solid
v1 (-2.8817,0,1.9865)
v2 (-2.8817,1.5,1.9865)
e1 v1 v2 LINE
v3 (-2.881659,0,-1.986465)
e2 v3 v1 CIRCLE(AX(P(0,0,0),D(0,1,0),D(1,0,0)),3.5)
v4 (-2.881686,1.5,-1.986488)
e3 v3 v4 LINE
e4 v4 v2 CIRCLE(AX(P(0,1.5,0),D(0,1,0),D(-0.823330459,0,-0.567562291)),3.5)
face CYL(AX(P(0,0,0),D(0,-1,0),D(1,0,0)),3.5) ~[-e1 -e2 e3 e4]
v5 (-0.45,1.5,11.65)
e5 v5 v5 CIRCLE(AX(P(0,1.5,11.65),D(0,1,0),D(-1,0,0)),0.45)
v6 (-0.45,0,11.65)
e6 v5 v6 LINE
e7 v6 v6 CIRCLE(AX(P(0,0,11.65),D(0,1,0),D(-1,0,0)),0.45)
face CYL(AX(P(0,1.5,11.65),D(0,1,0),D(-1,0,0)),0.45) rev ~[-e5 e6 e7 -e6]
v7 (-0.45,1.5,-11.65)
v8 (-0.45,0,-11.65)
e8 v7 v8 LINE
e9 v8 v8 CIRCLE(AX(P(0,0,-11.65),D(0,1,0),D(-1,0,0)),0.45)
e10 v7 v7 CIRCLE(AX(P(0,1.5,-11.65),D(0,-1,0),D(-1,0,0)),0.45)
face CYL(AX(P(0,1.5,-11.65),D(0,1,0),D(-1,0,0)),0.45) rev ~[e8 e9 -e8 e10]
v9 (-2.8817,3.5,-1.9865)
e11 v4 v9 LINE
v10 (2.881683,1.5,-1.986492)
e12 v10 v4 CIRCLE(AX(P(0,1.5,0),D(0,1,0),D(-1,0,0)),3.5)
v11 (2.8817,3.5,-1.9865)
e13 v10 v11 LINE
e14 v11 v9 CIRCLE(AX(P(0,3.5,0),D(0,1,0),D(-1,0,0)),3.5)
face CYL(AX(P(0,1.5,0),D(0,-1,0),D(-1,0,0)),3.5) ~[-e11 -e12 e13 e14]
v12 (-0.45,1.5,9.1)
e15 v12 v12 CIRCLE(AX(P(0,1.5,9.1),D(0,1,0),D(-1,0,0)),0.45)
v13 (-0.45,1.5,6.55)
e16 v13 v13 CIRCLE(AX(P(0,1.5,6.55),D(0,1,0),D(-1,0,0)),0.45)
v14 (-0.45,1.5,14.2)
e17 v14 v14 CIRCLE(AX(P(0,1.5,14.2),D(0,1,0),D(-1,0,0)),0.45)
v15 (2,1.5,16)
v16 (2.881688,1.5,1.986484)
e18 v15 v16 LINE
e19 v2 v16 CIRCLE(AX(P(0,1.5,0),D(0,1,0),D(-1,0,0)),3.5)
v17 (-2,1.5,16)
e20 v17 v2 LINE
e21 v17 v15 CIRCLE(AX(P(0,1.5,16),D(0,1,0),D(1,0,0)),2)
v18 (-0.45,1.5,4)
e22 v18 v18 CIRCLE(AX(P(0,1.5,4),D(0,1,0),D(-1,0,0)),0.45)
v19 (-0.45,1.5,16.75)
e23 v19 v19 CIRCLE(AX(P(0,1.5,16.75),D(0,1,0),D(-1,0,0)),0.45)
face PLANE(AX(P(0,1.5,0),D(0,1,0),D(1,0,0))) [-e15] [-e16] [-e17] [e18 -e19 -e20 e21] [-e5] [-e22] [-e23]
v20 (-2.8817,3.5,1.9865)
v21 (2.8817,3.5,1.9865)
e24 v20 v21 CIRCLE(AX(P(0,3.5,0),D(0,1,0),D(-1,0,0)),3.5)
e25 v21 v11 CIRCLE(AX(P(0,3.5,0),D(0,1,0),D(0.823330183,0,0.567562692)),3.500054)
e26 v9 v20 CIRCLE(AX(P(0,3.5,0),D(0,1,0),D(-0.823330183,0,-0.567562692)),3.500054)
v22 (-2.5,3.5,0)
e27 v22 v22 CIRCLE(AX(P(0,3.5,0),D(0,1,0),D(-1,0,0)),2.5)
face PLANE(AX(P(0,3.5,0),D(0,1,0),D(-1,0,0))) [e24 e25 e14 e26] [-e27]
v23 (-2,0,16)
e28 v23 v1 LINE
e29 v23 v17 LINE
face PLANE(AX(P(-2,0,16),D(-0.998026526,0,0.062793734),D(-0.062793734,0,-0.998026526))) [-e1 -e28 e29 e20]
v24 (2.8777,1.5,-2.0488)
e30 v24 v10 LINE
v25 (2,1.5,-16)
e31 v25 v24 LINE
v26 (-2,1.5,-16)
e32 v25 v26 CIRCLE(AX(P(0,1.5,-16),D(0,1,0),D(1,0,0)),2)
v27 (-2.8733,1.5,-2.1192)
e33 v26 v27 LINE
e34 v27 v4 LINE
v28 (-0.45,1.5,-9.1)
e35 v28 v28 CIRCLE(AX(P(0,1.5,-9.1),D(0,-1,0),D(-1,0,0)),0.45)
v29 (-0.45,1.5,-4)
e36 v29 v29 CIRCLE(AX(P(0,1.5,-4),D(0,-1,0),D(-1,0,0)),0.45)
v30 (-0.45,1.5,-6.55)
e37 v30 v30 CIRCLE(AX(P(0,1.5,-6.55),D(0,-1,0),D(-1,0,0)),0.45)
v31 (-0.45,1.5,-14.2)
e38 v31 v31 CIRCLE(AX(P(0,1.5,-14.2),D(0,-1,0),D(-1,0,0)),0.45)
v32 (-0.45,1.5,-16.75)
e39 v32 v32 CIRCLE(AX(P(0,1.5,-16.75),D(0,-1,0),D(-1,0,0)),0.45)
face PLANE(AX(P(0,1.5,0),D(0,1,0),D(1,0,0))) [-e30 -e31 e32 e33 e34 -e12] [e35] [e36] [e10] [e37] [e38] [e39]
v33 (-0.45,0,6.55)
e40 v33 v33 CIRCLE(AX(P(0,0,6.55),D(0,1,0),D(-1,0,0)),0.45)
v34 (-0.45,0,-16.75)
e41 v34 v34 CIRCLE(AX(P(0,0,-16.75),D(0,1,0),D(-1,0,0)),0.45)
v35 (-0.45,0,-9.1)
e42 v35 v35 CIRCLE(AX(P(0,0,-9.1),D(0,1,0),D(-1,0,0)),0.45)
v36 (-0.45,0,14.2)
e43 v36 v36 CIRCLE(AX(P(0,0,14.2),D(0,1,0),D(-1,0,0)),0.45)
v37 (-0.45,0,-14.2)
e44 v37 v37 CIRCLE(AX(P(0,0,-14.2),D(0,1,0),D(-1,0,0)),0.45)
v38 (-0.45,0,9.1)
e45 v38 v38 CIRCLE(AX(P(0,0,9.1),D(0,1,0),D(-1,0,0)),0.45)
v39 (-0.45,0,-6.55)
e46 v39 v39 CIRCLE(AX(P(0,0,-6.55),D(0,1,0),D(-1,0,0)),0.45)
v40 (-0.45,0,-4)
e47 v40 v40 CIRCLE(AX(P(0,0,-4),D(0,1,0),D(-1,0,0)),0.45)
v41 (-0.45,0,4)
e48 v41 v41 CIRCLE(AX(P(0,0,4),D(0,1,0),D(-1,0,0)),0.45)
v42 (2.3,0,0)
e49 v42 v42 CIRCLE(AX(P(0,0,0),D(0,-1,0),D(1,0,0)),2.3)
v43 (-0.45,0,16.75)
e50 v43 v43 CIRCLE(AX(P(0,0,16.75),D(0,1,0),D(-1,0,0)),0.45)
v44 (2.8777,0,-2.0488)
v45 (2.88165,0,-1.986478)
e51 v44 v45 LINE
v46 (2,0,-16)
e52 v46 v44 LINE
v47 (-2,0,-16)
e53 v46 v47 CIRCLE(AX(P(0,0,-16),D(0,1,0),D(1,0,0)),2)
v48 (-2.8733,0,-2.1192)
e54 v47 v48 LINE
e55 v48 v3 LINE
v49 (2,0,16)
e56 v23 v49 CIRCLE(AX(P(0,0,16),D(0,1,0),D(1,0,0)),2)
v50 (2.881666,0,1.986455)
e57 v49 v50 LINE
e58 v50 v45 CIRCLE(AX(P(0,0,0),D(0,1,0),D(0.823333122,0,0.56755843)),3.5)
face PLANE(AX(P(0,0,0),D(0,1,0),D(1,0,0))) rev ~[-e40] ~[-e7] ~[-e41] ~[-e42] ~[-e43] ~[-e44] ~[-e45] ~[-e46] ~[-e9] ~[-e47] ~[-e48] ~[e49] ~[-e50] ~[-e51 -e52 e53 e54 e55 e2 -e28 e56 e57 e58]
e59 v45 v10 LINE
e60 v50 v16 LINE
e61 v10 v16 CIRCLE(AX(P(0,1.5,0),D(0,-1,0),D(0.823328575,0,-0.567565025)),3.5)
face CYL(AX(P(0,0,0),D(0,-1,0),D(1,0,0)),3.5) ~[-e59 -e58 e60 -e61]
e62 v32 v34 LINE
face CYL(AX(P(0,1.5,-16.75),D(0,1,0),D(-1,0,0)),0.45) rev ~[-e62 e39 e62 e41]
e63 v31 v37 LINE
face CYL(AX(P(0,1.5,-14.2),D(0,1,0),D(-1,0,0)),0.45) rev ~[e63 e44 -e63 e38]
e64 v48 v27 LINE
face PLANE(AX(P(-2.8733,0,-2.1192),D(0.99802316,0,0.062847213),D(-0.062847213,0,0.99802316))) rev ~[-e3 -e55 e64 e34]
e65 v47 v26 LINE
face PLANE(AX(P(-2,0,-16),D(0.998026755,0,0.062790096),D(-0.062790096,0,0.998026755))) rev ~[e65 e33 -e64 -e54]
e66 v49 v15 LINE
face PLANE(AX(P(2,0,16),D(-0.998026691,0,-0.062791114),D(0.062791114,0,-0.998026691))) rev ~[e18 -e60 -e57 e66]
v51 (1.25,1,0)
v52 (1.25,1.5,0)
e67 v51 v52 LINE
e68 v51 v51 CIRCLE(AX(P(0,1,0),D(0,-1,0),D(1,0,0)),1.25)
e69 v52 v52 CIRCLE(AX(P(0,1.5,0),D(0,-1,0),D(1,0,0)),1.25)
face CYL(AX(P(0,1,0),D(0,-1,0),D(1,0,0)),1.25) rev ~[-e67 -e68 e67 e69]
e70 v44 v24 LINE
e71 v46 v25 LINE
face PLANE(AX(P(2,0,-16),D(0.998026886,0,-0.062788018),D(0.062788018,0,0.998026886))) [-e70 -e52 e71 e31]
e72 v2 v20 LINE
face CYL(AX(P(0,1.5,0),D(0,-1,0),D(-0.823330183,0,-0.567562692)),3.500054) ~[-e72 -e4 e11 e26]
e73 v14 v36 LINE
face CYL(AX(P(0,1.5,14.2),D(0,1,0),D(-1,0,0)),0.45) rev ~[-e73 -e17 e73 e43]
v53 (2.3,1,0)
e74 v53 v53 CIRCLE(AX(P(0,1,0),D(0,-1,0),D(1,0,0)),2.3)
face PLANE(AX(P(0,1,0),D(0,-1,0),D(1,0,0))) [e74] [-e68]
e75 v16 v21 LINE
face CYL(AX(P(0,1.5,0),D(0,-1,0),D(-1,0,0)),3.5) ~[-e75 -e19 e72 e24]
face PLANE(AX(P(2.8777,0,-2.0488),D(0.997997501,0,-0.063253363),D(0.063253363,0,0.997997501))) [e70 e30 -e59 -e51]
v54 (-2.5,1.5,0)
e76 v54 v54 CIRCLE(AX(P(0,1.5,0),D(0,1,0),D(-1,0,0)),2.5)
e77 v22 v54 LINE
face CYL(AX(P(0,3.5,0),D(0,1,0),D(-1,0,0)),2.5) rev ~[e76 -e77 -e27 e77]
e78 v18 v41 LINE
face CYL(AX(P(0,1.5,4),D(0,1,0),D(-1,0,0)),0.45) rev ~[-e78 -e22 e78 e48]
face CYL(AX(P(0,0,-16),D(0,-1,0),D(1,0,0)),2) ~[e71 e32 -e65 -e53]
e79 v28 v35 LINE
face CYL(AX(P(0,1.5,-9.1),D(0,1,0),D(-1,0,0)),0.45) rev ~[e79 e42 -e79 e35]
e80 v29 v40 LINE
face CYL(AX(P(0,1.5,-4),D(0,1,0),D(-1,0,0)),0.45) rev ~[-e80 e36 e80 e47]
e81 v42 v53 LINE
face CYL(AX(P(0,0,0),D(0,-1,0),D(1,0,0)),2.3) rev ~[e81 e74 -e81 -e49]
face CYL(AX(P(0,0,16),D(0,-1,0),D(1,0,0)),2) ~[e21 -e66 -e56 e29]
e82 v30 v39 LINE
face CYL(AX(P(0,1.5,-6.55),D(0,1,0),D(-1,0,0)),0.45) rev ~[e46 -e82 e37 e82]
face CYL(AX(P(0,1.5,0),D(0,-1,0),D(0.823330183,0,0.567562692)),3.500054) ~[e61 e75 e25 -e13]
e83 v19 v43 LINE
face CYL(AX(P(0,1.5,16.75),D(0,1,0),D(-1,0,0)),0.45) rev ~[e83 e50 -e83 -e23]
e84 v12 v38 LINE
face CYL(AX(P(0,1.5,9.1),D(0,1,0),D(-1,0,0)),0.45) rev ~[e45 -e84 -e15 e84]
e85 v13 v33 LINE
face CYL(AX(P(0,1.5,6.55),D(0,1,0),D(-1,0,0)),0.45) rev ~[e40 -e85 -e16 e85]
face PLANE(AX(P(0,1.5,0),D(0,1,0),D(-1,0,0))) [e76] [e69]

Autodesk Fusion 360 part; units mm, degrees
sketch "草图1" plane through (0, 0, 0) normal (0, 1, 0) x (1, 0, 0)
  circle A0 centre (0, 0) radius 3.5
  line L0 (0, 0) -> (0, -16)
  line L1 (0, 0) -> (0, 16)
  circle A1 centre (0, -16) radius 2
  circle A2 centre (0, 16) radius 2
  line L2 (0, 16) -> (6, 16)
  line L3 (6, 16) -> (-7, 16)
  line L4 (2, 16) -> (2.8777, 2.0488)
  line L5 (2, 16) -> (15.9788, 16) construction
  line L6 (-2, 16) -> (-2.8733, 2.1192)
  line L7 (-2, 16) -> (11.9083, 16) construction
  line L8 (0, -16) -> (5, -16)
  line L9 (5, -16) -> (-6, -16)
  line L10 (2, -16) -> (2.8901, -1.8524)
  line L11 (2, -16) -> (16.1756, -16) construction
  line L12 (-2, -16) -> (-2.8817, -1.9865)
  line L13 (-2, -16) -> (12.0412, -16) construction
  line L14 (2.8777, 2.0488) -> (2.8885, 1.8784)
  line L15 (-2.8733, 2.1192) -> (-2.9, 1.6952)
  dimension "d1" = 7
  dimension "d2" = 16
  dimension "d3" = 16
  dimension "d4" = 4
  dimension "d5" = 4
  dimension "d6" = 86.4
  dimension "d7" = 93.6
  dimension "d8" = 13.9083
  dimension "d9" = 86.4
  dimension "d10" = 93.6
extrude "拉伸1" add sketch "草图1" along normal blind 1.5
sketch "草图2" plane through (0, 1.5, 0) normal (0, 1, 0) x (-1, 0, 0)
  arc A0 (-2, -16) -> (2, -16) centre (0, -16) ccw
  line L0 (2, -16) -> (2.8817, -1.9865)
  arc A1 (2.8817, -1.9865) -> (2.8817, 1.9865) centre (0, 0) ccw
  line L1 (2.8817, 1.9865) -> (2, 16)
  arc A2 (2, 16) -> (-2, 16) centre (0, 16) ccw
  line L2 (-2, 16) -> (-2.8817, 1.9865)
  arc A3 (-2.8817, 1.9865) -> (-2.8817, -1.9865) centre (0, 0) ccw
  line L3 (-2.8817, -1.9865) -> (-2, -16)
  circle A4 centre (0, 0) radius 3.5
extrude "拉伸2" add sketch "草图2" along normal blind 2 contours A1 A3 A4
sketch "草图3" plane through (0, 1.5, 0) normal (0, 1, 0) x (-1, 0, 0)
  arc A0 (-2.8817, -1.9865) -> (2.8817, -1.9865) centre (0, 0) ccw
  line L0 (-2.8817, -1.9865) -> (-2, -16)
  arc A1 (-2, -16) -> (2, -16) centre (0, -16) ccw
  line L1 (2, -16) -> (2.8817, -1.9865)
  line L2 (0, -4) -> (0, -16.75)
  line L3 (0, -16.75) -> (0, -14.2)
  line L4 (0, -14.2) -> (0, -11.65)
  line L5 (0, -11.65) -> (0, -9.1)
  line L6 (0, -9.1) -> (0, -6.55)
  circle A2 centre (0, -4) radius 0.45
  circle A3 centre (0, -16.75) radius 0.45
  circle A4 centre (0, -14.2) radius 0.45
  circle A5 centre (0, -11.65) radius 0.45
  circle A6 centre (0, -9.1) radius 0.45
  circle A7 centre (0, -6.55) radius 0.45
  line L7 (-8.6176, 0) -> (8, 0)
  circle A8 centre (0, 16.75) radius 0.45
  circle A9 centre (0, 14.2) radius 0.45
  circle A10 centre (0, 11.65) radius 0.45
  circle A11 centre (0, 9.1) radius 0.45
  circle A12 centre (0, 6.55) radius 0.45
  circle A13 centre (0, 4) radius 0.45
  dimension "d26" = 12.75
  dimension "d28" = 2.55
  dimension "d29" = 2.55
  dimension "d30" = 2.55
  dimension "d31" = 2.55
  dimension "d32" = 0.9
  dimension "d33" = 0.9
  dimension "d34" = 0.9
  dimension "d35" = 0.9
  dimension "d36" = 0.9
  dimension "d37" = 0.9
extrude "拉伸3" cut sketch "草图3" against normal blind 8 contours A3 | L2 L3 L4 A4 | L2 L3 L4 A4 | L2 L4 L5 A5 | L2 L4 L5 A5 | L2 L5 L6 A6 | L2 L5 L6 A6 | L2 L6 A7 | L2 L6 A7 | A2 | A8 | A9 | A10 | A11 | A12 | A13
sketch "草图4" plane through (0, 0, 0) normal (0, -1, 0) x (1, 0, 0)
  circle A0 centre (0, 11.65) radius 0.45
  circle A1 centre (0, -4) radius 0.45
  circle A2 centre (0, -14.2) radius 0.45
  circle A3 centre (0, -11.65) radius 0.45
  circle A4 centre (0, 4) radius 0.45
  circle A5 centre (0, 14.2) radius 0.45
  circle A6 centre (0, 9.1) radius 0.45
  circle A7 centre (0, -6.55) radius 0.45
  circle A8 centre (0, -16.75) radius 0.45
  circle A9 centre (0, -9.1) radius 0.45
  circle A10 centre (0, 6.55) radius 0.45
  circle A11 centre (0, 16.75) radius 0.45
  arc A12 (-2, -16) -> (2, -16) centre (0, -16) ccw
  line L0 (2, -16) -> (2.8817, -1.9865)
  arc A13 (2.8817, -1.9865) -> (2.8817, 1.9865) centre (0, 0) ccw
  line L1 (2.8817, 1.9865) -> (2, 16)
  arc A14 (2, 16) -> (-2, 16) centre (0, 16) ccw
  line L2 (-2, 16) -> (-2.8817, 1.9865)
  arc A15 (-2.8817, 1.9865) -> (-2.8817, -1.9865) centre (0, 0) ccw
  line L3 (-2.8817, -1.9865) -> (-2, -16)
  circle A16 centre (0, 0) radius 2.3
  dimension "d40" = 4.6
extrude "拉伸4" cut sketch "草图4" against normal blind 1 contours A16
sketch "草图5" plane through (0, 1, 0) normal (0, -1, 0) x (1, 0, 0)
  circle A0 centre (0, 0) radius 2.3
  circle A1 centre (0, 0) radius 1.25
  dimension "d43" = 2.5
extrude "拉伸5" cut sketch "草图5" against normal blind 10 contours A1
sketch "草图6" plane through (0, 3.5, 0) normal (0, 1, 0) x (-1, 0, 0)
  circle A0 centre (0, 0) radius 1.25
  circle A1 centre (0, 0) radius 3.5
  circle A2 centre (0, 0) radius 2.5
  dimension "d46" = 5
extrude "拉伸6" cut sketch "草图6" against normal blind 2 contours A2
